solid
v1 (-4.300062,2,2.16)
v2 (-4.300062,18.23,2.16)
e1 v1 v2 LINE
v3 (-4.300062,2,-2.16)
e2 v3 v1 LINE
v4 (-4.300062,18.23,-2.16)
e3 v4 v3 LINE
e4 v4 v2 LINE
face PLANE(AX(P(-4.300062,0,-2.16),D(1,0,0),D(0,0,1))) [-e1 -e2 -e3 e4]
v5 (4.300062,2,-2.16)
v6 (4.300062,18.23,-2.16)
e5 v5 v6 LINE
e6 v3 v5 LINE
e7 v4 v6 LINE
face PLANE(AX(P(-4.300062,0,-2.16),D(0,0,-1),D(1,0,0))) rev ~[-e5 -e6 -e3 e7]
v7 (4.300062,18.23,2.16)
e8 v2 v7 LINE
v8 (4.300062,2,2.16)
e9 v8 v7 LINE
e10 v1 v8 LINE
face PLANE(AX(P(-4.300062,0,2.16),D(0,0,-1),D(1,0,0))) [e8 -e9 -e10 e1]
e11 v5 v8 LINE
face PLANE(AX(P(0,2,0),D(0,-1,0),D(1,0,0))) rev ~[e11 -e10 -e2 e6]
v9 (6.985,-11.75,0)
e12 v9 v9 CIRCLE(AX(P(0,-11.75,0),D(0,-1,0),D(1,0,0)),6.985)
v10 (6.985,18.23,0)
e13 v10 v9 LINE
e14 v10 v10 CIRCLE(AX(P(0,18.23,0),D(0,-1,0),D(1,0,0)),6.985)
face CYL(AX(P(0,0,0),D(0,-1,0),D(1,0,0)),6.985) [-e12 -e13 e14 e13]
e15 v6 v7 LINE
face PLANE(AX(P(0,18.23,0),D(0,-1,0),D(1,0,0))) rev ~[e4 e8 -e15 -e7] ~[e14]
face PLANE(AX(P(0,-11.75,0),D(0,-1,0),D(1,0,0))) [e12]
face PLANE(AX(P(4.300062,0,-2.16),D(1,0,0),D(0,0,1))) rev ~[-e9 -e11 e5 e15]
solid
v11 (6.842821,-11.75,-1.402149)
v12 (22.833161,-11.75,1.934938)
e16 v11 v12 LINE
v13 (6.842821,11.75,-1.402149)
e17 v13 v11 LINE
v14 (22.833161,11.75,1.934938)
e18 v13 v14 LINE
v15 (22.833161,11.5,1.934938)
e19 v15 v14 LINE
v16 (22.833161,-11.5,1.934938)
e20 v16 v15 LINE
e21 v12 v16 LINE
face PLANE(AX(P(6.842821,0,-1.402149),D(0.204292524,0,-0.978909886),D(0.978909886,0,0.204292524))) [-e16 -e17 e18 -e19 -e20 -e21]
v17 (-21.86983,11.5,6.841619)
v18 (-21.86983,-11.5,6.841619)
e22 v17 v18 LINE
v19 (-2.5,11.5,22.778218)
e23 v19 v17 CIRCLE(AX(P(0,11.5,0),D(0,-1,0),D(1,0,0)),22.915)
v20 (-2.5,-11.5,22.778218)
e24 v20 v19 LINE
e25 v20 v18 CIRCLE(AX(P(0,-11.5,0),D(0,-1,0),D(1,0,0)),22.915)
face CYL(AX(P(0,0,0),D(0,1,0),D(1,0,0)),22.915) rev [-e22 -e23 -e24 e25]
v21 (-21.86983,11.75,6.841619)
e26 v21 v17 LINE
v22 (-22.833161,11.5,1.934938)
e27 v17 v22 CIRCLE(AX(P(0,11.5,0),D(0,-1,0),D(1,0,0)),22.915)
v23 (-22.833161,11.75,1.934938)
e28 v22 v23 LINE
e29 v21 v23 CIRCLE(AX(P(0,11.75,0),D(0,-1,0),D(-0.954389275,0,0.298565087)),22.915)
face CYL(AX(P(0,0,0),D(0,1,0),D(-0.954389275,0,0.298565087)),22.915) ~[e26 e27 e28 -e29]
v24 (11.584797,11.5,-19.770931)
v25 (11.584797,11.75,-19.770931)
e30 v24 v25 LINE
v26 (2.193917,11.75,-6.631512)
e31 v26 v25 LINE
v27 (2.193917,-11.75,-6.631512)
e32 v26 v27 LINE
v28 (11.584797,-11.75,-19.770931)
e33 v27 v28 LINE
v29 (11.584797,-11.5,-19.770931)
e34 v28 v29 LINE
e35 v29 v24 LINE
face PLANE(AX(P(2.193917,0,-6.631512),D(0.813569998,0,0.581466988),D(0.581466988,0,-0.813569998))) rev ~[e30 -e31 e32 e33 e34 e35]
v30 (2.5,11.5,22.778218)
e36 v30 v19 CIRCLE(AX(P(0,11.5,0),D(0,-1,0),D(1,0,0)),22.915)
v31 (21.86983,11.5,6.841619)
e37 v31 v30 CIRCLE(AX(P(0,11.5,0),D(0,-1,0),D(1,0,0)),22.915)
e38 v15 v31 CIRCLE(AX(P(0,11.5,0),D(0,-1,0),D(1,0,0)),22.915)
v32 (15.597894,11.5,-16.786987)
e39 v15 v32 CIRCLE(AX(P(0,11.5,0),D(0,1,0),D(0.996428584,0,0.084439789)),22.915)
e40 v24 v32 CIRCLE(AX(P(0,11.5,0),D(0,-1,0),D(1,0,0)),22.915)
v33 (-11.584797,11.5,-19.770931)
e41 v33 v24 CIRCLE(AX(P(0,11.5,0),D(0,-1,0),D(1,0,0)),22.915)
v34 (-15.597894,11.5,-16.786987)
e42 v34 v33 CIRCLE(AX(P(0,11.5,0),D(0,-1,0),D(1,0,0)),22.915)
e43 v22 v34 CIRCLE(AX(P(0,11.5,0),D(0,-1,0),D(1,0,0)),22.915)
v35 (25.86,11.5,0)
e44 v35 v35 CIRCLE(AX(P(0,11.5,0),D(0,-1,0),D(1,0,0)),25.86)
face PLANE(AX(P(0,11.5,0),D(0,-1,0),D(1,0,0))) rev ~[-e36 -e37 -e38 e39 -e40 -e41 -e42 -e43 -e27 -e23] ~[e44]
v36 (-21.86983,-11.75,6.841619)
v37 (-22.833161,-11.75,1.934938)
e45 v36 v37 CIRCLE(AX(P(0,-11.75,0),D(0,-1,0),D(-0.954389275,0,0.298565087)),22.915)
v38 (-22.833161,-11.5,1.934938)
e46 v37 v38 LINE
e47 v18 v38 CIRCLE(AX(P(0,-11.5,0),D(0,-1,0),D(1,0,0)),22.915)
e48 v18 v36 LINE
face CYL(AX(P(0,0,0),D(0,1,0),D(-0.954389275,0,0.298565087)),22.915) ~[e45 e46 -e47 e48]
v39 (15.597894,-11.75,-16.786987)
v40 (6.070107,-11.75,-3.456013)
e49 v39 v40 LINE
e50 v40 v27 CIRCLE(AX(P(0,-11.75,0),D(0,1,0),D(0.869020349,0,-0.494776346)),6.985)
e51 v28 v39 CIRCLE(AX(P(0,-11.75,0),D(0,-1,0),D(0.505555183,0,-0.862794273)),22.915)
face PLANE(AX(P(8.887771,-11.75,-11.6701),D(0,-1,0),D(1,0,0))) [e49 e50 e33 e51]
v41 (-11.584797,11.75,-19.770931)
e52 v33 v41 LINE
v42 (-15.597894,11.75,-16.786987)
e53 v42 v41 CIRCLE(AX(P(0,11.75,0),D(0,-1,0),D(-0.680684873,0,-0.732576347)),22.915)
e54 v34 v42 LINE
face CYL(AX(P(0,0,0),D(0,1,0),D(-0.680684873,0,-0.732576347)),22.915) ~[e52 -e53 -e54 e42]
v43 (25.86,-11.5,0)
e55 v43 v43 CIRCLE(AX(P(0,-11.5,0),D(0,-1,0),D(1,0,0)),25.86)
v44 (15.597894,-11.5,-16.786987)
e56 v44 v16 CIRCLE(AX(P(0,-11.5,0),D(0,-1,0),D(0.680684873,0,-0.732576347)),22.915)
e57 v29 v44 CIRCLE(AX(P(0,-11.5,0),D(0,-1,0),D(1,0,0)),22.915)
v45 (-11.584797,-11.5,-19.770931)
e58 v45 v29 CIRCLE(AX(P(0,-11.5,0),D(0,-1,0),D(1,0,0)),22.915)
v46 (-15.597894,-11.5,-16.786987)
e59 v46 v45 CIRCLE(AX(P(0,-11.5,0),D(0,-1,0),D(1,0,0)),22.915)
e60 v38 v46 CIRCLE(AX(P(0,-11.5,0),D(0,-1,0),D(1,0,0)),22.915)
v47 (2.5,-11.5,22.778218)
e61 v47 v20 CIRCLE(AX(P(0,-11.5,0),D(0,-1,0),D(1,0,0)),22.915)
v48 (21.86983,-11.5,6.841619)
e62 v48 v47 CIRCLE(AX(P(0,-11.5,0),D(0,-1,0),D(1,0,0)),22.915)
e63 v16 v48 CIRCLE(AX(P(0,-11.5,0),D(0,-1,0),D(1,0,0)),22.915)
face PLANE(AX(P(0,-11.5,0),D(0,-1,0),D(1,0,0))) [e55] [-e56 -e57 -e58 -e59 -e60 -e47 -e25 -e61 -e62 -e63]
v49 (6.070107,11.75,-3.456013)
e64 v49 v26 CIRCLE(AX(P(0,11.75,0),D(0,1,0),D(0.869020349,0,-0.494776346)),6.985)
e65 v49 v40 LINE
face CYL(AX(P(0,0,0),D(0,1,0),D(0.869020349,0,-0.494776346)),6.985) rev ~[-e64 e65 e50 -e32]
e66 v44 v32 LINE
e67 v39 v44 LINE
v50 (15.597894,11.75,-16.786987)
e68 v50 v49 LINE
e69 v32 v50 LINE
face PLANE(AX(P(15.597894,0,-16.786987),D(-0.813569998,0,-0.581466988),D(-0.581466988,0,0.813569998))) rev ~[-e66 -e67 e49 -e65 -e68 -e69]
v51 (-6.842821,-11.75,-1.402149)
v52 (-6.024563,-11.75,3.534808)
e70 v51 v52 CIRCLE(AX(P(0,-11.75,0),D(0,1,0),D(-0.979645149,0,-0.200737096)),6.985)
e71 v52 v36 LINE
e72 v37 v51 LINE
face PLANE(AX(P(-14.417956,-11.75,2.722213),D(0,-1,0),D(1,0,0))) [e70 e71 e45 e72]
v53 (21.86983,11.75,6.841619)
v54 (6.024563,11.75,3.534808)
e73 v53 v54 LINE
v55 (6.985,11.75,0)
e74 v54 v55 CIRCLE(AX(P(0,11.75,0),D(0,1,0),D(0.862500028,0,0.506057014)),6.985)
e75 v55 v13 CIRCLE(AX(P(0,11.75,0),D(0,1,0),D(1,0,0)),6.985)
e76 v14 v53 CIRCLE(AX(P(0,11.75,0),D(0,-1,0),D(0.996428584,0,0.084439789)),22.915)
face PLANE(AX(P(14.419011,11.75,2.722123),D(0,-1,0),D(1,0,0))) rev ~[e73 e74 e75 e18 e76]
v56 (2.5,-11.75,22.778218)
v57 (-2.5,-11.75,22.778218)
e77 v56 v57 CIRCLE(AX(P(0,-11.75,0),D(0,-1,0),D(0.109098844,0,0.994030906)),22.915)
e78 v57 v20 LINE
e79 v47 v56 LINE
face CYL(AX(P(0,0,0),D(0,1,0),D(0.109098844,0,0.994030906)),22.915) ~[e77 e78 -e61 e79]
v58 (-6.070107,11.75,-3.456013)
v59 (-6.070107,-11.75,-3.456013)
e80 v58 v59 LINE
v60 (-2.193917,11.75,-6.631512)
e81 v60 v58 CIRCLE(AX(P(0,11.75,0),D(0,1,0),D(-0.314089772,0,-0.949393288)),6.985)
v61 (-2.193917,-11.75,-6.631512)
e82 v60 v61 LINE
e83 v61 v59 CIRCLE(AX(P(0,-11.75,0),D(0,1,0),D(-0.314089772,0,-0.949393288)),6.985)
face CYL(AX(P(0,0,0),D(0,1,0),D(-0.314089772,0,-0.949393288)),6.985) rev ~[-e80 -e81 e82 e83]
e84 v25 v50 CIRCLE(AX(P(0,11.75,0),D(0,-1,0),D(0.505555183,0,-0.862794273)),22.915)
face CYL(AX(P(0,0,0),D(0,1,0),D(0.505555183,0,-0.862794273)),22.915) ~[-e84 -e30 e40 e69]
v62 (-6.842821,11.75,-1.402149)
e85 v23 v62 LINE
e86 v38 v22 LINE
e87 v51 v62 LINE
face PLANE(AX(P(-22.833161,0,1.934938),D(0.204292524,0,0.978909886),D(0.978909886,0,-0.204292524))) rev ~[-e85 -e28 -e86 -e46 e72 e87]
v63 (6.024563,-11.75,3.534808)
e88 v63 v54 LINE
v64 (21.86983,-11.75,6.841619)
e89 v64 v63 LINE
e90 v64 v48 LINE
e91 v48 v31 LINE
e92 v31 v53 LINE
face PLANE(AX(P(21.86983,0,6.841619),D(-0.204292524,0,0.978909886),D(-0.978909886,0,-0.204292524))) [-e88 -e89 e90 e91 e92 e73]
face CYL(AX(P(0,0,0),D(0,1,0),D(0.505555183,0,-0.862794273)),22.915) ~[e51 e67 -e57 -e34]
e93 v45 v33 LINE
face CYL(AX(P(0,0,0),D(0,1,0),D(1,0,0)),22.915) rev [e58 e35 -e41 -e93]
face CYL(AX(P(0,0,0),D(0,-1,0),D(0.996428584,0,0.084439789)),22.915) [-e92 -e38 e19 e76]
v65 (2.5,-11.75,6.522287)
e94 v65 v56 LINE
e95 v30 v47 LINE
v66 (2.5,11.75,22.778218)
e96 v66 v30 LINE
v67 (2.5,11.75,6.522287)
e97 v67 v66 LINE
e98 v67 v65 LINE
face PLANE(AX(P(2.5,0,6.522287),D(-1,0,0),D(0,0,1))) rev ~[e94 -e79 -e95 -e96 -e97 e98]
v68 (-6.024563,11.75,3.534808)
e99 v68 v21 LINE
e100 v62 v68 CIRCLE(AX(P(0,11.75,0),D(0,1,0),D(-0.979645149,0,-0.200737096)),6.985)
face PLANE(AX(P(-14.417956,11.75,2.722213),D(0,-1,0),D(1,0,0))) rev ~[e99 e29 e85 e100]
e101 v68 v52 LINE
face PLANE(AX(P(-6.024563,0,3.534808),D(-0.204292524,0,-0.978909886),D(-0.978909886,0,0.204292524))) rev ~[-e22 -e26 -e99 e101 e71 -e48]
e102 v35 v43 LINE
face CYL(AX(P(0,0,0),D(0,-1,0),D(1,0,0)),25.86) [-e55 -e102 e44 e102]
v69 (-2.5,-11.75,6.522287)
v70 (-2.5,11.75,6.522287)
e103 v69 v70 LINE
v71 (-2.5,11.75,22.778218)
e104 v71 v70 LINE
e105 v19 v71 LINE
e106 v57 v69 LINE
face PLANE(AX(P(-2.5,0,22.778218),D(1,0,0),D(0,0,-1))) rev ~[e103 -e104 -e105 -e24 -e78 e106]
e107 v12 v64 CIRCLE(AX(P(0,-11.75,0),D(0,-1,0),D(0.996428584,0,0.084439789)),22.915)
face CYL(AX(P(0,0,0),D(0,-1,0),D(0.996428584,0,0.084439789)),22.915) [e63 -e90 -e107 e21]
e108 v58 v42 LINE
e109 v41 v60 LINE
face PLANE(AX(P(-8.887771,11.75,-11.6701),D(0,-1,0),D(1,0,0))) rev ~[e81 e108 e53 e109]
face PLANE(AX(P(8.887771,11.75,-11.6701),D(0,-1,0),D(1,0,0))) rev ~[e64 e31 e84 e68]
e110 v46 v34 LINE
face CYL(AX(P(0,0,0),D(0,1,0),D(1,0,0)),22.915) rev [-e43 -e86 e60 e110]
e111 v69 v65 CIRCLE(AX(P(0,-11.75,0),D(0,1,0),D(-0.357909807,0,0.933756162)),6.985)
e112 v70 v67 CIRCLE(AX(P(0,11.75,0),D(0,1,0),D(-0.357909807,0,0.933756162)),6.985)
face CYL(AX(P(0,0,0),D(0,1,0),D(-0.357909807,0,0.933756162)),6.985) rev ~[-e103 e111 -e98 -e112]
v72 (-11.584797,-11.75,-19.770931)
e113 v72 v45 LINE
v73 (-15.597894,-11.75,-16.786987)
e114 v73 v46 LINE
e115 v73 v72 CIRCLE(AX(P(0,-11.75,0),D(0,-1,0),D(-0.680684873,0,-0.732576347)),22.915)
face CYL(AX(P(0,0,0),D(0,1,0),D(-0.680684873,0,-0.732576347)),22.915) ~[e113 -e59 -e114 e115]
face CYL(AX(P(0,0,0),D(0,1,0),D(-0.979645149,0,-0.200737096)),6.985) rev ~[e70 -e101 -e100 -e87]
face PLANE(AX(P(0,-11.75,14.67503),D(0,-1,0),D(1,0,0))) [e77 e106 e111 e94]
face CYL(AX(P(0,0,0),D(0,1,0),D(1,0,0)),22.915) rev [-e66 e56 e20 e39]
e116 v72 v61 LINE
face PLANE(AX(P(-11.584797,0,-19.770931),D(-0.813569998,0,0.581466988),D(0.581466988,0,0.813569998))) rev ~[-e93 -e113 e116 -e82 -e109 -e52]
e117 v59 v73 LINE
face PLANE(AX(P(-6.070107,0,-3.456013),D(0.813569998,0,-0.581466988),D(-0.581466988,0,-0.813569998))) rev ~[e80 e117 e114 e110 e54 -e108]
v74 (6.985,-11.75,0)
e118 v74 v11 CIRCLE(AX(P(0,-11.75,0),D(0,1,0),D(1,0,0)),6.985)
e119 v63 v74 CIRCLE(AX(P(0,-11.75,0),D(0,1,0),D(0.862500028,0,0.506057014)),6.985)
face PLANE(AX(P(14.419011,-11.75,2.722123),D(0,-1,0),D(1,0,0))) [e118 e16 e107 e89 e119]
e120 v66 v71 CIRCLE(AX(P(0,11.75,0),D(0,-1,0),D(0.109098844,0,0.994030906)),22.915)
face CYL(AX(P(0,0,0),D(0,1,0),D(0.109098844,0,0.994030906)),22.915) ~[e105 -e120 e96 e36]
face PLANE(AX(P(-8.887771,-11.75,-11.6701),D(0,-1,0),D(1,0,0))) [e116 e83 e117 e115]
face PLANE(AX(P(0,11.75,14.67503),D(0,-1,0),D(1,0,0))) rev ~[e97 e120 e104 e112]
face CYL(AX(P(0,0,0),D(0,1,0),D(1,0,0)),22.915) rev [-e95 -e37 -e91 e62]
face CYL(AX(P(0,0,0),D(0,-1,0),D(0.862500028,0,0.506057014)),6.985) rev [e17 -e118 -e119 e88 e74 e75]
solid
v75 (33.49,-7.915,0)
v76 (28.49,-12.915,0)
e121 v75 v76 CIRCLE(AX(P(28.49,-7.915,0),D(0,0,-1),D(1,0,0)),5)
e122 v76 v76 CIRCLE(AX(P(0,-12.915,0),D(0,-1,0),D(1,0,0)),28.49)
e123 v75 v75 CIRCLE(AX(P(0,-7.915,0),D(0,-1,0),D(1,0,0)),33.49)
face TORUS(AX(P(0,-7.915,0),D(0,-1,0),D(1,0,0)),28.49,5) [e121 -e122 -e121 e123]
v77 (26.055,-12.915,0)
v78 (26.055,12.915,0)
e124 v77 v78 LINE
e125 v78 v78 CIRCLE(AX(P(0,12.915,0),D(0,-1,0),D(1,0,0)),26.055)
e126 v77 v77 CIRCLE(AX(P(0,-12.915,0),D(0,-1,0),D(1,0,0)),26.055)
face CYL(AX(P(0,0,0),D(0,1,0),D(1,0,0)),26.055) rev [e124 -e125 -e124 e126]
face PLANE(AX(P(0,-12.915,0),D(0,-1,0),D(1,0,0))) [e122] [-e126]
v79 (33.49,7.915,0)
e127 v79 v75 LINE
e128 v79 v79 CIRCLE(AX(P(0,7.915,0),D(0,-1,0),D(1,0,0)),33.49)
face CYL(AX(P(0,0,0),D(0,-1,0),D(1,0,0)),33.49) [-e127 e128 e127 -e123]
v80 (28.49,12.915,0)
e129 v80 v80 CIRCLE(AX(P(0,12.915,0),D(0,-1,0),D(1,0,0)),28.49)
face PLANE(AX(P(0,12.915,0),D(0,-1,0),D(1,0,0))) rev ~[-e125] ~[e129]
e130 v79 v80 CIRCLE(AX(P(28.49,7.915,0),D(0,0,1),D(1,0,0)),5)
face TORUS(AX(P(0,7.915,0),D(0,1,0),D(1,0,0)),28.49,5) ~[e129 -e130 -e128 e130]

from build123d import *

# Parameters (mm, degrees)
F0_R      = 33.49
F0_R_2    = 26.055
F1_DEPTH  = 12.915
F2_R      = 25.86
F2_R_2    = 22.915
F3_DEPTH  = 11.5
F5_DEPTH  = 11.75
F6_R      = 6.985
F6_W      = 8.6001232266
F6_H      = 4.32
F7_DEPTH  = 11.75
F8_DEPTH  = 18.23
F9_DEPTH  = 11.75
F10_DEPTH = 2
F11_R     = 5


with BuildPart() as f1:
    # F0 (on Front) → F1 (new body, symmetric)
    with BuildSketch(Plane.XZ):
        Circle(F0_R)
        Circle(F0_R_2, mode=Mode.SUBTRACT)
    extrude(amount=F1_DEPTH, both=True)

    # F11
    f11_edges = [f1.edges().sort_by_distance(p)[0] for p in [
        (-33.49, -12.915, 0),
        (-33.49, 12.915, 0),
    ]]
    fillet(f11_edges, radius=F11_R)


with BuildPart() as f3:
    # F2 (on Front) → F3 (new body, symmetric)
    with BuildSketch(Plane.XZ):
        Circle(F2_R)
        Circle(F2_R_2, mode=Mode.SUBTRACT)
    extrude(amount=F3_DEPTH, both=True)

    # F4 (on Front) → F5 (join, symmetric)
    with BuildSketch(Plane.XZ):
        with BuildLine():
            ThreePointArc((-6.8428213669, -1.4021486159), (-6.8909925933, 1.1421234956), (-6.0245626988, 3.5348082392))
            Line((-6.0245626988, 3.5348082392), (-21.8698302466, 6.8416189595))
            ThreePointArc((-21.8698302466, 6.8416189595), (-22.4857340662, 4.4146334507), (-22.8331609913, 1.9349377623))
            Line((-22.8331609913, 1.9349377623), (-6.8428213669, -1.4021486159))
        make_face()
        with BuildLine():
            Line((-11.5847970075, -19.7709307645), (-2.1939170541, -6.6315121171))
            ThreePointArc((-2.1939170541, -6.6315121171), (-4.4265644684, -5.4033093569), (-6.070107141, -3.4560127744))
            Line((-6.070107141, -3.4560127744), (-15.5978938608, -16.7869869872))
            ThreePointArc((-15.5978938608, -16.7869869872), (-13.6729898276, -18.3887621708), (-11.5847970075, -19.7709307645))
        make_face()
        with BuildLine():
            Line((15.5978938608, -16.7869869872), (6.070107141, -3.4560127744))
            ThreePointArc((6.070107141, -3.4560127744), (4.4265644684, -5.4033093569), (2.1939170541, -6.6315121171))
            Line((2.1939170541, -6.6315121171), (11.5847970075, -19.7709307645))
            ThreePointArc((11.5847970075, -19.7709307645), (13.6729898276, -18.3887621708), (15.5978938608, -16.7869869872))
        make_face()
        with BuildLine():
            ThreePointArc((-2.5, 6.5222867922), (0, 6.985), (2.5, 6.5222867922))
            Line((2.5, 6.5222867922), (2.5, 22.7782182139))
            ThreePointArc((2.5, 22.7782182139), (0, 22.915), (-2.5, 22.7782182139))
            Line((-2.5, 22.7782182139), (-2.5, 6.5222867922))
        make_face()
        with BuildLine():
            ThreePointArc((6.0245626988, 3.5348082392), (6.7406155302, 1.8314822615), (6.985, 0))
            ThreePointArc((6.985, 0), (6.9493644403, -0.7046693382), (6.8428213669, -1.4021486159))
            Line((6.8428213669, -1.4021486159), (22.8331609913, 1.9349377623))
            ThreePointArc((22.8331609913, 1.9349377623), (22.4857340662, 4.4146334507), (21.8698302466, 6.8416189595))
            Line((21.8698302466, 6.8416189595), (6.0245626988, 3.5348082392))
        make_face()
    extrude(amount=F5_DEPTH, both=True)


with BuildPart() as f7:
    # F6 (on Front) → F7 (new body)
    with BuildSketch(Plane.XZ):
        Circle(F6_R)
        Rectangle(F6_W, F6_H, mode=Mode.SUBTRACT)
    extrude(amount=F7_DEPTH)


with BuildPart() as f8:
    # F8 (new): a face of the model
    f8_faces = [f7.part.faces().sort_by_distance(p)[0] for p in [
        (-6.7874343653, 0, 0),
    ]]
    extrude(f8_faces, amount=F8_DEPTH)


with BuildPart() as f7_1:
    add(f7.part)

    add(f8.part)  # F9 merges F8
    # F6 (on Front) → F9 (join)
    with BuildSketch(Plane.XZ):
        Rectangle(F6_W, F6_H)
    extrude(amount=F9_DEPTH)

    # F10 (add): a face of the model
    f10_faces = [f7_1.faces().sort_by_distance(p)[0] for p in [
        (0, 0, 0),
    ]]
    extrude(f10_faces, amount=F10_DEPTH)


solid = Compound([f1.part, f3.part, f7_1.part])
